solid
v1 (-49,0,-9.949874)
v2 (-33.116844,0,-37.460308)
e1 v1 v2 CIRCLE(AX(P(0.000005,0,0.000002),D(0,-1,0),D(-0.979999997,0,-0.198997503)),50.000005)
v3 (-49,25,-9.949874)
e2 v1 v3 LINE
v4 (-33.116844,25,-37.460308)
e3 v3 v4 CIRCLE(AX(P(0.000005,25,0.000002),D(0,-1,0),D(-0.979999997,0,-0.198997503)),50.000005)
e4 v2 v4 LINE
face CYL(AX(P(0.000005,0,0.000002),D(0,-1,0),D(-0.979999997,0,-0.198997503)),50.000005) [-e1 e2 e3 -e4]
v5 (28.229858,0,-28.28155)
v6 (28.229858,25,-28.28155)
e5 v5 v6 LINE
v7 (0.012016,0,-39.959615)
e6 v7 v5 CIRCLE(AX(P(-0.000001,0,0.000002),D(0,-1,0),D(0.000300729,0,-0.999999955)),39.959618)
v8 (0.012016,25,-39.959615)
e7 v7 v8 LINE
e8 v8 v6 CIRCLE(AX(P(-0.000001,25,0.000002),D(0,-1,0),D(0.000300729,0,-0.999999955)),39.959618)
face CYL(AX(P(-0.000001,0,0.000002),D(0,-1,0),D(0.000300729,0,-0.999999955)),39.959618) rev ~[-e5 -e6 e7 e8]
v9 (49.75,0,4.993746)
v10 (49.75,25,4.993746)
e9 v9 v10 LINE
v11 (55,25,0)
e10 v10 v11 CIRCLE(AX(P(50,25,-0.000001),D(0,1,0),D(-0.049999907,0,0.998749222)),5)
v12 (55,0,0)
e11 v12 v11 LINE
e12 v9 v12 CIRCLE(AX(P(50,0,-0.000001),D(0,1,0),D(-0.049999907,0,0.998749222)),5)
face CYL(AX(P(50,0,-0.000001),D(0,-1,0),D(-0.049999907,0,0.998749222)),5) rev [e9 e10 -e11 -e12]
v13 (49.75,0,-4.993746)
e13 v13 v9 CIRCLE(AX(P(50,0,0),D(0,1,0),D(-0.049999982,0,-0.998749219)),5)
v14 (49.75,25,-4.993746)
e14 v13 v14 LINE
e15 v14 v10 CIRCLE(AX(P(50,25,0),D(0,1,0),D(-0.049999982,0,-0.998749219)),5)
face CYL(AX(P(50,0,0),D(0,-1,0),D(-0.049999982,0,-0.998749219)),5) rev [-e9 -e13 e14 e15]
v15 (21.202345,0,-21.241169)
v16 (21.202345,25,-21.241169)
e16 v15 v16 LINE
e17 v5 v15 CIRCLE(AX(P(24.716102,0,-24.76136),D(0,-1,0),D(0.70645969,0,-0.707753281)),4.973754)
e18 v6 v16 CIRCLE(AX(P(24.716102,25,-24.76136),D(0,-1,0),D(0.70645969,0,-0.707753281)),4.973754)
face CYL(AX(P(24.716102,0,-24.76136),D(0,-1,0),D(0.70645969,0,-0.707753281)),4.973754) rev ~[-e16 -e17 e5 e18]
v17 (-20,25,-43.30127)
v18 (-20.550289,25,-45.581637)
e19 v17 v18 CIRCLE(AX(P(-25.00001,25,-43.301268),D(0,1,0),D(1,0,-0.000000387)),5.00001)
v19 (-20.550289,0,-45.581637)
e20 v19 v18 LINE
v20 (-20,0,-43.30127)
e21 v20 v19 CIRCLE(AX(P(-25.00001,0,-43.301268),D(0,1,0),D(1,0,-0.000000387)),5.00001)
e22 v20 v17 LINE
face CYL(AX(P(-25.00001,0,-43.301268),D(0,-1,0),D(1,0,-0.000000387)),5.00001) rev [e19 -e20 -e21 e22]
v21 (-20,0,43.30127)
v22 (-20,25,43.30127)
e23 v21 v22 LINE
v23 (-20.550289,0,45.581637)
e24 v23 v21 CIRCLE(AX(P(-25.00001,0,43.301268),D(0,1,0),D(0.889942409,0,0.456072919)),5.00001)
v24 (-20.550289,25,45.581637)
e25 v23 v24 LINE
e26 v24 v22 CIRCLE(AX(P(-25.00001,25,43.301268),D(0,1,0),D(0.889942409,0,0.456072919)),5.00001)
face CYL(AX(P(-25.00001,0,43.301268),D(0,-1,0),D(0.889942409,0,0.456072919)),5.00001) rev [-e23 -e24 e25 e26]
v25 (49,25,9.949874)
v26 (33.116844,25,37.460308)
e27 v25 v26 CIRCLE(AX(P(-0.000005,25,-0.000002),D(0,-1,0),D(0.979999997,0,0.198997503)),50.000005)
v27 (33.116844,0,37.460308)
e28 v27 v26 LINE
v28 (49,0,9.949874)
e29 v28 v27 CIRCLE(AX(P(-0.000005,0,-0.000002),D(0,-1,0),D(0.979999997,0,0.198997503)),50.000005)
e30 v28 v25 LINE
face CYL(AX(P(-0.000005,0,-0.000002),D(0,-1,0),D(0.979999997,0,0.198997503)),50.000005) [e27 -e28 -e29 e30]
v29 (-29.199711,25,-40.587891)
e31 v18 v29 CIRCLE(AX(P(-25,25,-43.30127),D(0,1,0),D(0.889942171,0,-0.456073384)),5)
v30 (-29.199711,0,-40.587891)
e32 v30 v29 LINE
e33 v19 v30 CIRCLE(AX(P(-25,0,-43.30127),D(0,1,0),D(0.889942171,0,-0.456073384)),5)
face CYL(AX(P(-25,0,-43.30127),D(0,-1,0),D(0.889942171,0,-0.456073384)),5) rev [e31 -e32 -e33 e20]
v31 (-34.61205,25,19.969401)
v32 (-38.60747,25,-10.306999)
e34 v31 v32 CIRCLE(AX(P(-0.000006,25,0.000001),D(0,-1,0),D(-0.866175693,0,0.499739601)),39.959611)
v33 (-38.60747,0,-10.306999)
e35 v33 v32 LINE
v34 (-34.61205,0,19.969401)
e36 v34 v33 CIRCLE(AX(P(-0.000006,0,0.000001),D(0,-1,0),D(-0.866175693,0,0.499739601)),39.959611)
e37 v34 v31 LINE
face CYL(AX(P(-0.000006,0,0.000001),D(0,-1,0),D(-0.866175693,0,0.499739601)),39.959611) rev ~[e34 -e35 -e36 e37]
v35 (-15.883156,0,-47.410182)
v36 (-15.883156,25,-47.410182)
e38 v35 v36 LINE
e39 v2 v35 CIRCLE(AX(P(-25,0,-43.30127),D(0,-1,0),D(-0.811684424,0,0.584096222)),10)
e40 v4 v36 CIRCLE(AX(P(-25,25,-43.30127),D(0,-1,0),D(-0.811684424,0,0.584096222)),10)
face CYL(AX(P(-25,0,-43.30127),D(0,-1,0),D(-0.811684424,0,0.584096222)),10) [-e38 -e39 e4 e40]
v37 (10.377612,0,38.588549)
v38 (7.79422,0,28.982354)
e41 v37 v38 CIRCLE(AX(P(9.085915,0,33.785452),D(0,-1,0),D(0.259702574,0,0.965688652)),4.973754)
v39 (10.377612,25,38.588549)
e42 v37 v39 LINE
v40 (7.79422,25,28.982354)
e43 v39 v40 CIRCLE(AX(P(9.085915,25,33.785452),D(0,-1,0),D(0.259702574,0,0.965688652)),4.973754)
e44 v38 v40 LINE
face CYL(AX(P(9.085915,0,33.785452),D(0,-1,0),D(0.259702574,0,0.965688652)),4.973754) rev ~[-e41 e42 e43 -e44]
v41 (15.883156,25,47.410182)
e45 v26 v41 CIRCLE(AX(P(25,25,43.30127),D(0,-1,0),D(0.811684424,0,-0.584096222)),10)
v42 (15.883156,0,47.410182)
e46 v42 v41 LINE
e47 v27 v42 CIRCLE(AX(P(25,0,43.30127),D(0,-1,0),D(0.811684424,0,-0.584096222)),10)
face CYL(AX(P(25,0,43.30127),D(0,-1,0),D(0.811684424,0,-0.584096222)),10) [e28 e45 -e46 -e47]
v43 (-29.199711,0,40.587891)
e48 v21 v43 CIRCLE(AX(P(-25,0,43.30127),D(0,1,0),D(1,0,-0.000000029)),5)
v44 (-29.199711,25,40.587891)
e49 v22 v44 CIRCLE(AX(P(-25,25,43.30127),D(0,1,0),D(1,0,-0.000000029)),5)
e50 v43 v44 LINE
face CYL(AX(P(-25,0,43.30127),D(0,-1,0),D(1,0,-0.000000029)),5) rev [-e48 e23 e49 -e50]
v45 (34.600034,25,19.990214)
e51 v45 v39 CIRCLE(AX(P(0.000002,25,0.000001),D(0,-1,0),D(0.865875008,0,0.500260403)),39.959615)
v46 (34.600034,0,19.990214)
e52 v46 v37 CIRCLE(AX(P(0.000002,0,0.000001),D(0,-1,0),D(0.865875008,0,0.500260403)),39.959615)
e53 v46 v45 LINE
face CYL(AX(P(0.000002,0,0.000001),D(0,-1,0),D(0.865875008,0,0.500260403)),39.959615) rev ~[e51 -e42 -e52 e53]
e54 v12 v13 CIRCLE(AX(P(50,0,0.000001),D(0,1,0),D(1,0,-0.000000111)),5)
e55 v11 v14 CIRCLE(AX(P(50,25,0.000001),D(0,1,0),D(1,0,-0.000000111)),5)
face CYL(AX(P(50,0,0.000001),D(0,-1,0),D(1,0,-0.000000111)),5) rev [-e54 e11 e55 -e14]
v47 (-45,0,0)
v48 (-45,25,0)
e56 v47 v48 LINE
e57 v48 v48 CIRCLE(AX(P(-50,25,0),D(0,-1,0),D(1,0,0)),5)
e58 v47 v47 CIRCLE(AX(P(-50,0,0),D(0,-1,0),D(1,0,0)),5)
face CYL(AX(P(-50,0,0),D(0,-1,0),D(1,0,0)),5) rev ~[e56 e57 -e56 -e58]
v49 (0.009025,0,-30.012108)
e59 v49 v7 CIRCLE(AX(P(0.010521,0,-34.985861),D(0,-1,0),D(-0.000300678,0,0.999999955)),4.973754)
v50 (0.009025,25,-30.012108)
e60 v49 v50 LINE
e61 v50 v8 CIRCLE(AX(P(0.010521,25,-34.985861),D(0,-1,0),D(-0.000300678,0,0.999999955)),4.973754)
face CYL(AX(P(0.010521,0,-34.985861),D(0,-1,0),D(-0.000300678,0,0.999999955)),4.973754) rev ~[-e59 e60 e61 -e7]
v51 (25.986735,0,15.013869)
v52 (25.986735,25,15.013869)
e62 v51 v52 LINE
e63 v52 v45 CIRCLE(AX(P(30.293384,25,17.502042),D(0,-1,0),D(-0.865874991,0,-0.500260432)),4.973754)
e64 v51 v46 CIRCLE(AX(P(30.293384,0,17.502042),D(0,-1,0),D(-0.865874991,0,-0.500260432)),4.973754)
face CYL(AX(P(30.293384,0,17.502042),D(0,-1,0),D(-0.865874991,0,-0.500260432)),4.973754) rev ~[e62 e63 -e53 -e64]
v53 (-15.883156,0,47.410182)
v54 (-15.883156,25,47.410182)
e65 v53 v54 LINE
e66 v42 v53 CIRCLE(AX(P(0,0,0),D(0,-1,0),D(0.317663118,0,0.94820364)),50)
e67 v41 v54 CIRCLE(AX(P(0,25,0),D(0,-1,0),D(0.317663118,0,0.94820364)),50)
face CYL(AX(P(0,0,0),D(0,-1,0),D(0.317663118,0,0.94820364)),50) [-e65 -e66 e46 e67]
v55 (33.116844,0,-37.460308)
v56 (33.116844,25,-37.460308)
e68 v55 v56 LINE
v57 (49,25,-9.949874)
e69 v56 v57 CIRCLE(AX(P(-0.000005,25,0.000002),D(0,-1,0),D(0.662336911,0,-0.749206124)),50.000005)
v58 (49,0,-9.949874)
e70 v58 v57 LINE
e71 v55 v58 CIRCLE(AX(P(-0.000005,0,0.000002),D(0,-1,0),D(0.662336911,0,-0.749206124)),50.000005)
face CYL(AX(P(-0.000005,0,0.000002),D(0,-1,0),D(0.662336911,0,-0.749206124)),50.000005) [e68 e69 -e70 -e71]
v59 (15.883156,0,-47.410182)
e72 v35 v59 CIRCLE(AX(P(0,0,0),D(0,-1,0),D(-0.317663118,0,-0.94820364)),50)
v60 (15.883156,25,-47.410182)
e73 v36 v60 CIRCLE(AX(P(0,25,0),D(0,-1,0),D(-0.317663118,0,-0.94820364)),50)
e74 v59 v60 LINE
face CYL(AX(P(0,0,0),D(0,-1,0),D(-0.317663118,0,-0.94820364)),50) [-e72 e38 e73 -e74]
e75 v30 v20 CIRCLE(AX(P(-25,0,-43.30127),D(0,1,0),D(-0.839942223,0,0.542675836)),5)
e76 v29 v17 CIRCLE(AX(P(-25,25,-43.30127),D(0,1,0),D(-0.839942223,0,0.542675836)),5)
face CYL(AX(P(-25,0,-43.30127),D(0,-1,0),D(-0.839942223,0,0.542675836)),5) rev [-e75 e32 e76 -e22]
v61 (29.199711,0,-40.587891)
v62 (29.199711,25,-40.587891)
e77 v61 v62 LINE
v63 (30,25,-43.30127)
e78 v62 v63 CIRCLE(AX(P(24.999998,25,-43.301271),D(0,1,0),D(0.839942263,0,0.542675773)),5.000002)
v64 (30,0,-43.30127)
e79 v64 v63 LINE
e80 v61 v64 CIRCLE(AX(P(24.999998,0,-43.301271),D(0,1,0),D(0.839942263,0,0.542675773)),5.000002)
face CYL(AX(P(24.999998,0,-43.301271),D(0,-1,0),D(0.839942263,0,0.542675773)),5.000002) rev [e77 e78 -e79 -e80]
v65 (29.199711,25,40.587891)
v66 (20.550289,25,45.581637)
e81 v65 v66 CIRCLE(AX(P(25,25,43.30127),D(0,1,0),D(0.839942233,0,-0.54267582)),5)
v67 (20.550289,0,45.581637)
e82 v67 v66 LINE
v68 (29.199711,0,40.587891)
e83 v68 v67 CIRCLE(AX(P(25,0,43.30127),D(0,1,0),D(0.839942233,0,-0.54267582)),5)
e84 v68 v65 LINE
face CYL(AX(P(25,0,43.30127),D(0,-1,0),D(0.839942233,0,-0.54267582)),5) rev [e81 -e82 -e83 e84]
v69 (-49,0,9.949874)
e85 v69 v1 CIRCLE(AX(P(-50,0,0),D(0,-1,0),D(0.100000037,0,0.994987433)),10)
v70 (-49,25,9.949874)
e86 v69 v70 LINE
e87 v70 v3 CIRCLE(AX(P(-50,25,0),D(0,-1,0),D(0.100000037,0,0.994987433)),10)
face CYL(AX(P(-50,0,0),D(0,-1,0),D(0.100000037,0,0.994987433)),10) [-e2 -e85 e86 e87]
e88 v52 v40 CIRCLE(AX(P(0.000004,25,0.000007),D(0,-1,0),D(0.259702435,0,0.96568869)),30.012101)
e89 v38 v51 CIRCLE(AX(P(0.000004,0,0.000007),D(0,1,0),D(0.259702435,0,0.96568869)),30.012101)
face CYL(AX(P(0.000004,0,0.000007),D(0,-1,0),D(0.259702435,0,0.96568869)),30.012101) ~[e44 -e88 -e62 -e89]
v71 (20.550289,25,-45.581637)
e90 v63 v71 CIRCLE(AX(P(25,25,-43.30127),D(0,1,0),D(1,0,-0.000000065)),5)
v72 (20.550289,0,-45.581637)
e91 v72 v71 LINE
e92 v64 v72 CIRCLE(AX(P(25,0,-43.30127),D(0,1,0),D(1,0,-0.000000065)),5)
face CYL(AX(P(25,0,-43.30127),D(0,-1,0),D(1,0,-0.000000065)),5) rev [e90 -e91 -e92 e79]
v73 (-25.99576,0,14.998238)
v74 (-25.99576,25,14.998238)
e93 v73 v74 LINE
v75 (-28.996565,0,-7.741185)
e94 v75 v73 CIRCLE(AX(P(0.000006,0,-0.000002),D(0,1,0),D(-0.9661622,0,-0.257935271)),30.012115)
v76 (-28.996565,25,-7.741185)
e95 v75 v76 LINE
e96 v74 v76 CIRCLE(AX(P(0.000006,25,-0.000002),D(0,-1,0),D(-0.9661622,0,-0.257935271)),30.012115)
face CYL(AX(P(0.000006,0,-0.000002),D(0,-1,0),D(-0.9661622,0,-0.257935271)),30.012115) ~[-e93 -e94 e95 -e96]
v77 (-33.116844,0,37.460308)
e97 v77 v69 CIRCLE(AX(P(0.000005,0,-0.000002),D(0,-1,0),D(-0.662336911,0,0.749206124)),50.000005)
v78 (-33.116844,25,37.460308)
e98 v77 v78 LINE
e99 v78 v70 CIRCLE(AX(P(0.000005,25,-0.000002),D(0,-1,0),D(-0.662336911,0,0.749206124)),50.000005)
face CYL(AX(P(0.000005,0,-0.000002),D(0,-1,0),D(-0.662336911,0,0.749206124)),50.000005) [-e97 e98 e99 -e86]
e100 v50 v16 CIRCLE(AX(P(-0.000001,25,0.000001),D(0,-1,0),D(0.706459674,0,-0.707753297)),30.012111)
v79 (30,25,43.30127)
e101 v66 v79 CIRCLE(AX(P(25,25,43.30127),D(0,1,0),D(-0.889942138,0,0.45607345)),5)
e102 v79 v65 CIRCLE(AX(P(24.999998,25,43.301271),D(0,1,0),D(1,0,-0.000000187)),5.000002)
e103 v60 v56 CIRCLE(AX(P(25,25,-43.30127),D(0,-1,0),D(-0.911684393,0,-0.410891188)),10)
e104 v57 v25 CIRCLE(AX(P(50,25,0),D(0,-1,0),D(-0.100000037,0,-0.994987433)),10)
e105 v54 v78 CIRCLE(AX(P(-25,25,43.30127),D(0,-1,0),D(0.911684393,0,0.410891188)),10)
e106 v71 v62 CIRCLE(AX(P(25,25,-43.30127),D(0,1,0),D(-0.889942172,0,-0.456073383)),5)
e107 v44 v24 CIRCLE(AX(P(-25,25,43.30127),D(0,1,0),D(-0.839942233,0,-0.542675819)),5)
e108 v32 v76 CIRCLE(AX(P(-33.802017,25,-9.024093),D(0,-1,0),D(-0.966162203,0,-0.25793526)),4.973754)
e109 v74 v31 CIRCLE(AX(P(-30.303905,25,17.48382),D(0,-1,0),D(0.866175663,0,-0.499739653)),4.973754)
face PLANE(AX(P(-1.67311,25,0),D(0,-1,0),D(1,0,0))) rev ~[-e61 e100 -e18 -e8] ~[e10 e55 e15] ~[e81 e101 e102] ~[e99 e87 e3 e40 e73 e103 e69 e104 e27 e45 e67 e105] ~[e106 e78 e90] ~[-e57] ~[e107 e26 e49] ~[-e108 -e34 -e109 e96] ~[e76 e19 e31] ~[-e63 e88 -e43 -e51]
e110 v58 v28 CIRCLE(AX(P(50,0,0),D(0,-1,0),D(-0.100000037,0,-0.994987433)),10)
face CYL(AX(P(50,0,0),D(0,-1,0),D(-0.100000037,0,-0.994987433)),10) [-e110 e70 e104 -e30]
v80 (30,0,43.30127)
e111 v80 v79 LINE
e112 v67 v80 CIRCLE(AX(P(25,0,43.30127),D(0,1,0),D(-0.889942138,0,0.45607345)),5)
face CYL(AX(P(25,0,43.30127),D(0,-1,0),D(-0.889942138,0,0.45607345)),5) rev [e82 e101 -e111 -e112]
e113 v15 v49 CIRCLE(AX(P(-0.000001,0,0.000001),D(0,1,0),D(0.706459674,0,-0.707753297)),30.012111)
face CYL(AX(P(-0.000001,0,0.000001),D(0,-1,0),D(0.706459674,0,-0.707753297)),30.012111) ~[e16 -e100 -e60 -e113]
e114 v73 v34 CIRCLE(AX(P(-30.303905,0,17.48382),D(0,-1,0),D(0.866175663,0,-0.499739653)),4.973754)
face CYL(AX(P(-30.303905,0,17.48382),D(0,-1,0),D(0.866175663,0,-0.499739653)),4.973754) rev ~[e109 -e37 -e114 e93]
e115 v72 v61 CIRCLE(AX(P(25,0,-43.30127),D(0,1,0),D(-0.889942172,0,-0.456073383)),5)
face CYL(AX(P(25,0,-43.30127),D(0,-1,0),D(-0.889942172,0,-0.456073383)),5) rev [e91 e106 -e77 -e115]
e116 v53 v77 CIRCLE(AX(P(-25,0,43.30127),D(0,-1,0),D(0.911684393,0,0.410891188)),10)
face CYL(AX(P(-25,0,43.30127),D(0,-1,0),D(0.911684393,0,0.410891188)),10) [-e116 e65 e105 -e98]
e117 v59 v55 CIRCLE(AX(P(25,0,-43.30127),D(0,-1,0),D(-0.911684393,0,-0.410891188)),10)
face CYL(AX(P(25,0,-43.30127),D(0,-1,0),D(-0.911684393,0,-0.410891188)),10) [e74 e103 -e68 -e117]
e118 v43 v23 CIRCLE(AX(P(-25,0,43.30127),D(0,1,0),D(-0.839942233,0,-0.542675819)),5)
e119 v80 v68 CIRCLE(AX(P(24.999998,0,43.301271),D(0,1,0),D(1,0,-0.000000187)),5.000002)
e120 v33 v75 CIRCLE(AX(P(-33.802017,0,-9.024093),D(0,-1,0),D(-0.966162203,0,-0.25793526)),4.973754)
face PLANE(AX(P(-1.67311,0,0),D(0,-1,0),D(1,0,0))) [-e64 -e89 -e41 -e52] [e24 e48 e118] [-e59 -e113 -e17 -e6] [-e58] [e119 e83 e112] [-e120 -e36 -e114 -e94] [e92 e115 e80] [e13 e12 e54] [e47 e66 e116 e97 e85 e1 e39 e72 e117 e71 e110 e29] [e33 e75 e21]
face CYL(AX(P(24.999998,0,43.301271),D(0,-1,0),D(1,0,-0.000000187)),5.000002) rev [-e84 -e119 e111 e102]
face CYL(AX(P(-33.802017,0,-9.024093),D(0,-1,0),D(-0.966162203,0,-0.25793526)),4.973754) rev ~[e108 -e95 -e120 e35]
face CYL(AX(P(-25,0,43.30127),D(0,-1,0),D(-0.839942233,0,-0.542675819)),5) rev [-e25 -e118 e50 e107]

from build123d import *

# Parameters (mm, degrees)
F0_R     = 5
F2_DEPTH = 25
F3_DEPTH = 25.001


with BuildPart() as f2:
    # F0 (on Front) → F2 (new body)
    with BuildSketch(Plane.XZ):
        with BuildLine():
            ThreePointArc((-49, 9.949874), (-60, 0), (-49, -9.949874))
            ThreePointArc((-49, -9.949874), (-43.30127, -25), (-33.116844, -37.460308))
            ThreePointArc((-33.116844, -37.460308), (-31.197495, -39.073217), (-29.199711, -40.587891))
            ThreePointArc((-29.199711, -40.587891), (-23.585531, -38.505514), (-20, -43.30127))
            ThreePointArc((-20, -43.30127), (-20.139519, -44.474182), (-20.550289, -45.581637))
            ThreePointArc((-20.550289, -45.581637), (-18.239651, -46.554432), (-15.883156, -47.410182))
            ThreePointArc((-15.883156, -47.410182), (0, -50), (15.883156, -47.410182))
            ThreePointArc((15.883156, -47.410182), (18.239651, -46.554432), (20.550289, -45.581637))
            ThreePointArc((20.550289, -45.581637), (22.5, -38.971143), (29.199711, -40.587891))
            ThreePointArc((29.199711, -40.587891), (31.197495, -39.073217), (33.116844, -37.460308))
            ThreePointArc((33.116844, -37.460308), (43.30127, -25), (49, -9.949874))
            ThreePointArc((49, -9.949874), (49.437146, -7.481215), (49.75, -4.993746))
            ThreePointArc((49.75, -4.993746), (45, 0), (49.75, 4.993746))
            ThreePointArc((49.75, 4.993746), (49.437146, 7.481215), (49, 9.949874))
            ThreePointArc((49, 9.949874), (43.30127, 25), (33.116844, 37.460308))
            ThreePointArc((33.116844, 37.460308), (31.197495, 39.073217), (29.199711, 40.587891))
            ThreePointArc((29.199711, 40.587891), (22.5, 38.971143), (20.550289, 45.581637))
            ThreePointArc((20.550289, 45.581637), (18.239651, 46.554432), (15.883156, 47.410182))
            ThreePointArc((15.883156, 47.410182), (0, 50), (-15.883156, 47.410182))
            ThreePointArc((-15.883156, 47.410182), (-18.239651, 46.554432), (-20.550289, 45.581637))
            ThreePointArc((-20.550289, 45.581637), (-20.139519, 44.474182), (-20, 43.30127))
            ThreePointArc((-20, 43.30127), (-23.585531, 38.505514), (-29.199711, 40.587891))
            ThreePointArc((-29.199711, 40.587891), (-31.197495, 39.073217), (-33.116844, 37.460308))
            ThreePointArc((-33.116844, 37.460308), (-43.30127, 25), (-49, 9.949874))
        make_face()
        with Locations((-50, 0)):
            Circle(F0_R, mode=Mode.SUBTRACT)
        with BuildLine():
            ThreePointArc((-15.883156, 47.410182), (-30, 51.961524), (-33.116844, 37.460308))
            ThreePointArc((-33.116844, 37.460308), (-31.197495, 39.073217), (-29.199711, 40.587891))
            ThreePointArc((-29.199711, 40.587891), (-27.5, 47.631397), (-20.550289, 45.581637))
            ThreePointArc((-20.550289, 45.581637), (-18.239651, 46.554432), (-15.883156, 47.410182))
        make_face()
        with BuildLine():
            ThreePointArc((33.116844, 37.460308), (30, 51.961524), (15.883156, 47.410182))
            ThreePointArc((15.883156, 47.410182), (18.239651, 46.554432), (20.550289, 45.581637))
            ThreePointArc((20.550289, 45.581637), (26.172912, 48.161751), (30, 43.30127))
            ThreePointArc((30, 43.30127), (29.795756, 41.886801), (29.199711, 40.587891))
            ThreePointArc((29.199711, 40.587891), (31.197495, 39.073217), (33.116844, 37.460308))
        make_face()
        with BuildLine():
            ThreePointArc((49.75, -4.993746), (49.437146, -7.481215), (49, -9.949874))
            ThreePointArc((49, -9.949874), (60, 0), (49, 9.949874))
            ThreePointArc((49, 9.949874), (49.437146, 7.481215), (49.75, 4.993746))
            ThreePointArc((49.75, 4.993746), (53.446012, 3.622844), (55, 0))
            ThreePointArc((55, 0), (53.446012, -3.622844), (49.75, -4.993746))
        make_face()
        with BuildLine():
            ThreePointArc((20.550289, -45.581637), (18.239651, -46.554432), (15.883156, -47.410182))
            ThreePointArc((15.883156, -47.410182), (30, -51.961524), (33.116844, -37.460308))
            ThreePointArc((33.116844, -37.460308), (31.197495, -39.073217), (29.199711, -40.587891))
            ThreePointArc((29.199711, -40.587891), (29.795756, -41.886801), (30, -43.30127))
            ThreePointArc((30, -43.30127), (26.172912, -48.161751), (20.550289, -45.581637))
        make_face()
        with BuildLine():
            ThreePointArc((-29.199711, -40.587891), (-31.197495, -39.073217), (-33.116844, -37.460308))
            ThreePointArc((-33.116844, -37.460308), (-30, -51.961524), (-15.883156, -47.410182))
            ThreePointArc((-15.883156, -47.410182), (-18.239651, -46.554432), (-20.550289, -45.581637))
            ThreePointArc((-20.550289, -45.581637), (-27.5, -47.631397), (-29.199711, -40.587891))
        make_face()
    extrude(amount=-F2_DEPTH)

    # F1 (on face) → F3 (cut, through all)
    with BuildSketch(Plane.XZ):
        with BuildLine():
            ThreePointArc((-34.61205, 19.969401), (-39.616154, 5.22794), (-38.60747, -10.306999))
            ThreePointArc((-38.60747, -10.306999), (-32.51911, -13.829545), (-28.996565, -7.741185))
            ThreePointArc((-28.996565, -7.741185), (-29.754147, 3.926501), (-25.99576, 14.998238))
            ThreePointArc((-25.99576, 14.998238), (-27.818323, 21.791965), (-34.61205, 19.969401))
        make_face()
        with BuildLine():
            ThreePointArc((34.600034, 19.990214), (24.335605, 31.694626), (10.377612, 38.588549))
            ThreePointArc((10.377612, 38.588549), (4.282818, 35.077148), (7.79422, 28.982354))
            ThreePointArc((7.79422, 28.982354), (18.277524, 23.804597), (25.986735, 15.013869))
            ThreePointArc((25.986735, 15.013869), (32.781557, 13.195392), (34.600034, 19.990214))
        make_face()
        with BuildLine():
            ThreePointArc((0.012016, -39.959615), (15.280548, -36.922565), (28.229858, -28.28155))
            ThreePointArc((28.229858, -28.28155), (28.236292, -21.247603), (21.202345, -21.241169))
            ThreePointArc((21.202345, -21.241169), (11.476624, -27.731098), (0.009025, -30.012108))
            ThreePointArc((0.009025, -30.012108), (-4.963233, -34.987357), (0.012016, -39.959615))
        make_face()
    extrude(amount=-F3_DEPTH, mode=Mode.SUBTRACT)


solid = f2.part
